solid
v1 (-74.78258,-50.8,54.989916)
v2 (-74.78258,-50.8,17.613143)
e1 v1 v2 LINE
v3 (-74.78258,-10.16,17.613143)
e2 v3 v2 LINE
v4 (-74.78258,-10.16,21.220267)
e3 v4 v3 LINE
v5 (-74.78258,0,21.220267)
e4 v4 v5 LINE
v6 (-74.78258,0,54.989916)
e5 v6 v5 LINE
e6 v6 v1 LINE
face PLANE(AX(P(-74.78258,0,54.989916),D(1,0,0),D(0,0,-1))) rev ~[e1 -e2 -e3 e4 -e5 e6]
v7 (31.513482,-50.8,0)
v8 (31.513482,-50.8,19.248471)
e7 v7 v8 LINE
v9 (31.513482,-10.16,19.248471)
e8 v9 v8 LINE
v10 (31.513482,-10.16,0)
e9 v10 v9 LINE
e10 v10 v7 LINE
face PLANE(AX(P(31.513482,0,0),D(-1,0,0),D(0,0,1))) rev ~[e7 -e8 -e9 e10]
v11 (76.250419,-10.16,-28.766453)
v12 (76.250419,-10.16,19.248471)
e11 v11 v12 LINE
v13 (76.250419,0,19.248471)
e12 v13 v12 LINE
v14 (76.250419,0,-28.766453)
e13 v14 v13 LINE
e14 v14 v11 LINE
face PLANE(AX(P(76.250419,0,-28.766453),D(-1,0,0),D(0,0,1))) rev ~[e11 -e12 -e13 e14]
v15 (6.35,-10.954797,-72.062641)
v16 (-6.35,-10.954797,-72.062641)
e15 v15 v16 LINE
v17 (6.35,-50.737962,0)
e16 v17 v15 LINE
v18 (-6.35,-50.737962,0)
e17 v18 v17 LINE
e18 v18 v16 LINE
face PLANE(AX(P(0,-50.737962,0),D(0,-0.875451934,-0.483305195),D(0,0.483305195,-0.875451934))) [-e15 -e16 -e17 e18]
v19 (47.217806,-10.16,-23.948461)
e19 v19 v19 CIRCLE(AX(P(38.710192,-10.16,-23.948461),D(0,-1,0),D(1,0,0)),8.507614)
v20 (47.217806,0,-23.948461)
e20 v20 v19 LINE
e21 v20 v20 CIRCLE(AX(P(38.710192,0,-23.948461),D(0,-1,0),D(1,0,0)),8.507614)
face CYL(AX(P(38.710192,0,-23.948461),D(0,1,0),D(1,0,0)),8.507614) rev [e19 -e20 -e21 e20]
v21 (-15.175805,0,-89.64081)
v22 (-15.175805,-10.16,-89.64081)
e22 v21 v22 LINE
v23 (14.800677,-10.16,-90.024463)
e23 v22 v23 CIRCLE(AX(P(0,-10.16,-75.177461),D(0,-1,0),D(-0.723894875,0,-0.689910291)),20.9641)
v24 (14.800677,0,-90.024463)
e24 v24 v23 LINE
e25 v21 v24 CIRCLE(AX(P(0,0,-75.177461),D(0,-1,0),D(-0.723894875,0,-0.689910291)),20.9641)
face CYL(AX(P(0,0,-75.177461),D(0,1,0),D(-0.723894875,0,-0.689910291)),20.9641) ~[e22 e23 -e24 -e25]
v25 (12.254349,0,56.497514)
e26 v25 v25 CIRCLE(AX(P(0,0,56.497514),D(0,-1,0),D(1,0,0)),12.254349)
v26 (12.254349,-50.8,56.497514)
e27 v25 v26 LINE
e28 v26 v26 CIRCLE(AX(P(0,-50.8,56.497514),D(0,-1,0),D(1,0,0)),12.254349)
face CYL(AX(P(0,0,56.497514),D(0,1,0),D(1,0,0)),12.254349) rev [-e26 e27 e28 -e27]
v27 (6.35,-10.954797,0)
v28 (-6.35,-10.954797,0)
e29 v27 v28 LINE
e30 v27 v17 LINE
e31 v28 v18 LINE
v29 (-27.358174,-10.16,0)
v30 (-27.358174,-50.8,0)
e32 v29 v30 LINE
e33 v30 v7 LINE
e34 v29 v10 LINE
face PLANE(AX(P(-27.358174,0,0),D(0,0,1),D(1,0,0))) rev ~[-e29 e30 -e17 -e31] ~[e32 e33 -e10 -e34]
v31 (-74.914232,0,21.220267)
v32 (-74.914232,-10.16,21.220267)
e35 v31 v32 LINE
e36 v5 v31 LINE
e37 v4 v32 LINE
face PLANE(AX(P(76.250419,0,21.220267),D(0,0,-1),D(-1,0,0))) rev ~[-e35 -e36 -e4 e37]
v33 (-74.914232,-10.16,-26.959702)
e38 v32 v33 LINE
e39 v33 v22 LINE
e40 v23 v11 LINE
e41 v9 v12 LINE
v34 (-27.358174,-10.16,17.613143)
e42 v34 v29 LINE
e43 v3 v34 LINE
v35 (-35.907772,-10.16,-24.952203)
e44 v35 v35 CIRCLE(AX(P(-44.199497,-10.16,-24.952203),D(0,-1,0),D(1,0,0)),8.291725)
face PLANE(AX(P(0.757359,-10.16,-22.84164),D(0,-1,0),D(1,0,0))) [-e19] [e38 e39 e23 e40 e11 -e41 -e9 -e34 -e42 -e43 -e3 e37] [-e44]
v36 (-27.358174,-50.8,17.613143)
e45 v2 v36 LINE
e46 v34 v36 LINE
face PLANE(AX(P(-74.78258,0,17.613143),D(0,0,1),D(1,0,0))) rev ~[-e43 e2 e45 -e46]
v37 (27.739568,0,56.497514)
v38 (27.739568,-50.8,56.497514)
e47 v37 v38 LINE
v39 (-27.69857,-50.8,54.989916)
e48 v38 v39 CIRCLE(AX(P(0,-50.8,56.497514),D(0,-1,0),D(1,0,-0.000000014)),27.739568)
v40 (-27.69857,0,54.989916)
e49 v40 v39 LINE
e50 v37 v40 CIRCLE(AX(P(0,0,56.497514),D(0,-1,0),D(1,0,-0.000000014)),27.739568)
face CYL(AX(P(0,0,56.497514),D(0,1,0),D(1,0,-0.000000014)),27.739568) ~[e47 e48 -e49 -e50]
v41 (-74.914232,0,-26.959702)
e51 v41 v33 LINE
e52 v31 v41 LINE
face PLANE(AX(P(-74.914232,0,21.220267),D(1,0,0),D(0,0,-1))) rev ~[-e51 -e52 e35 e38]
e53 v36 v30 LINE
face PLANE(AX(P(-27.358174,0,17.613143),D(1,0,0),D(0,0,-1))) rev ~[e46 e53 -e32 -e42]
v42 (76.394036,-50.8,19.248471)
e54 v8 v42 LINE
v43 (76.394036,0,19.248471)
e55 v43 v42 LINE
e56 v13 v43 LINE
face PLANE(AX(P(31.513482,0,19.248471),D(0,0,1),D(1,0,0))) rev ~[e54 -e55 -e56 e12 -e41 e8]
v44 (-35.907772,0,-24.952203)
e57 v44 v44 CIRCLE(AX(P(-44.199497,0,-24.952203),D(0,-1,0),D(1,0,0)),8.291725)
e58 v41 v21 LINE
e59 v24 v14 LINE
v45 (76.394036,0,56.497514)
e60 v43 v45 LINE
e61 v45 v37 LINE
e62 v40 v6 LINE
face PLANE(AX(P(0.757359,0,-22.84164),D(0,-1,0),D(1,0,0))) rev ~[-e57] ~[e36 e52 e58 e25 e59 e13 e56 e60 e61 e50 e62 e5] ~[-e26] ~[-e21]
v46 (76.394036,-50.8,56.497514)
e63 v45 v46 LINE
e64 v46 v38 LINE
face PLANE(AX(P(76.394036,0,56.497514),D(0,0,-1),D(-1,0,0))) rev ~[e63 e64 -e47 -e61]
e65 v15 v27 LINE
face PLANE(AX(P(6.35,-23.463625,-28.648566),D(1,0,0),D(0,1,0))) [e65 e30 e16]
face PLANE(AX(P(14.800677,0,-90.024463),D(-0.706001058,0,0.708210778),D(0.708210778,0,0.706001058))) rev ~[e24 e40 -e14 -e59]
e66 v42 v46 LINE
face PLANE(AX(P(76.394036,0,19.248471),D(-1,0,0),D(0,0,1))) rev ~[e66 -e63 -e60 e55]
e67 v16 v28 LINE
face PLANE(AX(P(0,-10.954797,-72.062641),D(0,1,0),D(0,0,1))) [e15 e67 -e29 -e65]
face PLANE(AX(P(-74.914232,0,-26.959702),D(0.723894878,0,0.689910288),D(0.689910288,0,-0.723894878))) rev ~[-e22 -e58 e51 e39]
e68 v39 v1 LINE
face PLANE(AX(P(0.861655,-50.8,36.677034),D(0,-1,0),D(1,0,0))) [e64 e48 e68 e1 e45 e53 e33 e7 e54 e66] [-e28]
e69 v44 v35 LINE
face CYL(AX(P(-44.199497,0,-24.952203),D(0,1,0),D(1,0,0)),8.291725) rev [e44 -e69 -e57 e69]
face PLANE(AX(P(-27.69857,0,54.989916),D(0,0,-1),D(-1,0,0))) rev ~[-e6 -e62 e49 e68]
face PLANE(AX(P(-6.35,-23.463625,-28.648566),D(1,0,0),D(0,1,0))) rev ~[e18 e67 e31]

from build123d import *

# Parameters (mm, degrees)
F0_R     = 12.254349
F1_DEPTH = 50.8
F2_R     = 8.291725
F2_R_2   = 8.507614
F3_DEPTH = 10.16
F5_DEPTH = 6.35


with BuildPart() as f1:
    # F0 (on Front) → F1 (new body)
    with BuildSketch(Plane.XZ):
        with BuildLine():
            Line((76.394036, 56.497514), (27.739568, 56.497514))
            ThreePointArc((27.739568, 56.497514), (-0.754078, 84.226831), (-27.69857, 54.989916))
            Line((-27.69857, 54.989916), (-74.78258, 54.989916))
            Line((-74.78258, 54.989916), (-74.78258, 17.613143))
            Line((-74.78258, 17.613143), (-27.358174, 17.613143))
            Line((-27.358174, 17.613143), (-27.358174, 0))
            Line((-27.358174, 0), (0, 0))
            Line((0, 0), (31.513482, 0))
            Line((31.513482, 0), (31.513482, 19.248471))
            Line((31.513482, 19.248471), (76.394036, 19.248471))
            Line((76.394036, 19.248471), (76.394036, 56.497514))
        make_face()
        with Locations((0, 56.497514)):
            Circle(F0_R, mode=Mode.SUBTRACT)
    extrude(amount=F1_DEPTH)

    # F2 (on Front) → F3 (join)
    with BuildSketch(Plane.XZ):
        with BuildLine():
            Line((-74.914232, -26.959702), (-15.175805, -89.64081))
            ThreePointArc((-15.175805, -89.64081), (-0.268287, -96.139845), (14.800677, -90.024463))
            Line((14.800677, -90.024463), (76.250419, -28.766453))
            Line((76.250419, -28.766453), (76.250419, 21.220267))
            Line((76.250419, 21.220267), (-74.914232, 21.220267))
            Line((-74.914232, 21.220267), (-74.914232, -26.959702))
        make_face()
        with Locations((-44.199497, -24.952203)):
            Circle(F2_R, mode=Mode.SUBTRACT)
        with Locations((38.710192, -23.948461)):
            Circle(F2_R_2, mode=Mode.SUBTRACT)
    extrude(amount=F3_DEPTH)

    # F4 (on Right) → F5 (join, symmetric)
    with BuildSketch(Plane.YZ):
        Polygon((-10.954797, 0), (-50.737962, 0), (-10.954797, -72.062641), align=None)
    extrude(amount=F5_DEPTH, both=True)


solid = f1.part
